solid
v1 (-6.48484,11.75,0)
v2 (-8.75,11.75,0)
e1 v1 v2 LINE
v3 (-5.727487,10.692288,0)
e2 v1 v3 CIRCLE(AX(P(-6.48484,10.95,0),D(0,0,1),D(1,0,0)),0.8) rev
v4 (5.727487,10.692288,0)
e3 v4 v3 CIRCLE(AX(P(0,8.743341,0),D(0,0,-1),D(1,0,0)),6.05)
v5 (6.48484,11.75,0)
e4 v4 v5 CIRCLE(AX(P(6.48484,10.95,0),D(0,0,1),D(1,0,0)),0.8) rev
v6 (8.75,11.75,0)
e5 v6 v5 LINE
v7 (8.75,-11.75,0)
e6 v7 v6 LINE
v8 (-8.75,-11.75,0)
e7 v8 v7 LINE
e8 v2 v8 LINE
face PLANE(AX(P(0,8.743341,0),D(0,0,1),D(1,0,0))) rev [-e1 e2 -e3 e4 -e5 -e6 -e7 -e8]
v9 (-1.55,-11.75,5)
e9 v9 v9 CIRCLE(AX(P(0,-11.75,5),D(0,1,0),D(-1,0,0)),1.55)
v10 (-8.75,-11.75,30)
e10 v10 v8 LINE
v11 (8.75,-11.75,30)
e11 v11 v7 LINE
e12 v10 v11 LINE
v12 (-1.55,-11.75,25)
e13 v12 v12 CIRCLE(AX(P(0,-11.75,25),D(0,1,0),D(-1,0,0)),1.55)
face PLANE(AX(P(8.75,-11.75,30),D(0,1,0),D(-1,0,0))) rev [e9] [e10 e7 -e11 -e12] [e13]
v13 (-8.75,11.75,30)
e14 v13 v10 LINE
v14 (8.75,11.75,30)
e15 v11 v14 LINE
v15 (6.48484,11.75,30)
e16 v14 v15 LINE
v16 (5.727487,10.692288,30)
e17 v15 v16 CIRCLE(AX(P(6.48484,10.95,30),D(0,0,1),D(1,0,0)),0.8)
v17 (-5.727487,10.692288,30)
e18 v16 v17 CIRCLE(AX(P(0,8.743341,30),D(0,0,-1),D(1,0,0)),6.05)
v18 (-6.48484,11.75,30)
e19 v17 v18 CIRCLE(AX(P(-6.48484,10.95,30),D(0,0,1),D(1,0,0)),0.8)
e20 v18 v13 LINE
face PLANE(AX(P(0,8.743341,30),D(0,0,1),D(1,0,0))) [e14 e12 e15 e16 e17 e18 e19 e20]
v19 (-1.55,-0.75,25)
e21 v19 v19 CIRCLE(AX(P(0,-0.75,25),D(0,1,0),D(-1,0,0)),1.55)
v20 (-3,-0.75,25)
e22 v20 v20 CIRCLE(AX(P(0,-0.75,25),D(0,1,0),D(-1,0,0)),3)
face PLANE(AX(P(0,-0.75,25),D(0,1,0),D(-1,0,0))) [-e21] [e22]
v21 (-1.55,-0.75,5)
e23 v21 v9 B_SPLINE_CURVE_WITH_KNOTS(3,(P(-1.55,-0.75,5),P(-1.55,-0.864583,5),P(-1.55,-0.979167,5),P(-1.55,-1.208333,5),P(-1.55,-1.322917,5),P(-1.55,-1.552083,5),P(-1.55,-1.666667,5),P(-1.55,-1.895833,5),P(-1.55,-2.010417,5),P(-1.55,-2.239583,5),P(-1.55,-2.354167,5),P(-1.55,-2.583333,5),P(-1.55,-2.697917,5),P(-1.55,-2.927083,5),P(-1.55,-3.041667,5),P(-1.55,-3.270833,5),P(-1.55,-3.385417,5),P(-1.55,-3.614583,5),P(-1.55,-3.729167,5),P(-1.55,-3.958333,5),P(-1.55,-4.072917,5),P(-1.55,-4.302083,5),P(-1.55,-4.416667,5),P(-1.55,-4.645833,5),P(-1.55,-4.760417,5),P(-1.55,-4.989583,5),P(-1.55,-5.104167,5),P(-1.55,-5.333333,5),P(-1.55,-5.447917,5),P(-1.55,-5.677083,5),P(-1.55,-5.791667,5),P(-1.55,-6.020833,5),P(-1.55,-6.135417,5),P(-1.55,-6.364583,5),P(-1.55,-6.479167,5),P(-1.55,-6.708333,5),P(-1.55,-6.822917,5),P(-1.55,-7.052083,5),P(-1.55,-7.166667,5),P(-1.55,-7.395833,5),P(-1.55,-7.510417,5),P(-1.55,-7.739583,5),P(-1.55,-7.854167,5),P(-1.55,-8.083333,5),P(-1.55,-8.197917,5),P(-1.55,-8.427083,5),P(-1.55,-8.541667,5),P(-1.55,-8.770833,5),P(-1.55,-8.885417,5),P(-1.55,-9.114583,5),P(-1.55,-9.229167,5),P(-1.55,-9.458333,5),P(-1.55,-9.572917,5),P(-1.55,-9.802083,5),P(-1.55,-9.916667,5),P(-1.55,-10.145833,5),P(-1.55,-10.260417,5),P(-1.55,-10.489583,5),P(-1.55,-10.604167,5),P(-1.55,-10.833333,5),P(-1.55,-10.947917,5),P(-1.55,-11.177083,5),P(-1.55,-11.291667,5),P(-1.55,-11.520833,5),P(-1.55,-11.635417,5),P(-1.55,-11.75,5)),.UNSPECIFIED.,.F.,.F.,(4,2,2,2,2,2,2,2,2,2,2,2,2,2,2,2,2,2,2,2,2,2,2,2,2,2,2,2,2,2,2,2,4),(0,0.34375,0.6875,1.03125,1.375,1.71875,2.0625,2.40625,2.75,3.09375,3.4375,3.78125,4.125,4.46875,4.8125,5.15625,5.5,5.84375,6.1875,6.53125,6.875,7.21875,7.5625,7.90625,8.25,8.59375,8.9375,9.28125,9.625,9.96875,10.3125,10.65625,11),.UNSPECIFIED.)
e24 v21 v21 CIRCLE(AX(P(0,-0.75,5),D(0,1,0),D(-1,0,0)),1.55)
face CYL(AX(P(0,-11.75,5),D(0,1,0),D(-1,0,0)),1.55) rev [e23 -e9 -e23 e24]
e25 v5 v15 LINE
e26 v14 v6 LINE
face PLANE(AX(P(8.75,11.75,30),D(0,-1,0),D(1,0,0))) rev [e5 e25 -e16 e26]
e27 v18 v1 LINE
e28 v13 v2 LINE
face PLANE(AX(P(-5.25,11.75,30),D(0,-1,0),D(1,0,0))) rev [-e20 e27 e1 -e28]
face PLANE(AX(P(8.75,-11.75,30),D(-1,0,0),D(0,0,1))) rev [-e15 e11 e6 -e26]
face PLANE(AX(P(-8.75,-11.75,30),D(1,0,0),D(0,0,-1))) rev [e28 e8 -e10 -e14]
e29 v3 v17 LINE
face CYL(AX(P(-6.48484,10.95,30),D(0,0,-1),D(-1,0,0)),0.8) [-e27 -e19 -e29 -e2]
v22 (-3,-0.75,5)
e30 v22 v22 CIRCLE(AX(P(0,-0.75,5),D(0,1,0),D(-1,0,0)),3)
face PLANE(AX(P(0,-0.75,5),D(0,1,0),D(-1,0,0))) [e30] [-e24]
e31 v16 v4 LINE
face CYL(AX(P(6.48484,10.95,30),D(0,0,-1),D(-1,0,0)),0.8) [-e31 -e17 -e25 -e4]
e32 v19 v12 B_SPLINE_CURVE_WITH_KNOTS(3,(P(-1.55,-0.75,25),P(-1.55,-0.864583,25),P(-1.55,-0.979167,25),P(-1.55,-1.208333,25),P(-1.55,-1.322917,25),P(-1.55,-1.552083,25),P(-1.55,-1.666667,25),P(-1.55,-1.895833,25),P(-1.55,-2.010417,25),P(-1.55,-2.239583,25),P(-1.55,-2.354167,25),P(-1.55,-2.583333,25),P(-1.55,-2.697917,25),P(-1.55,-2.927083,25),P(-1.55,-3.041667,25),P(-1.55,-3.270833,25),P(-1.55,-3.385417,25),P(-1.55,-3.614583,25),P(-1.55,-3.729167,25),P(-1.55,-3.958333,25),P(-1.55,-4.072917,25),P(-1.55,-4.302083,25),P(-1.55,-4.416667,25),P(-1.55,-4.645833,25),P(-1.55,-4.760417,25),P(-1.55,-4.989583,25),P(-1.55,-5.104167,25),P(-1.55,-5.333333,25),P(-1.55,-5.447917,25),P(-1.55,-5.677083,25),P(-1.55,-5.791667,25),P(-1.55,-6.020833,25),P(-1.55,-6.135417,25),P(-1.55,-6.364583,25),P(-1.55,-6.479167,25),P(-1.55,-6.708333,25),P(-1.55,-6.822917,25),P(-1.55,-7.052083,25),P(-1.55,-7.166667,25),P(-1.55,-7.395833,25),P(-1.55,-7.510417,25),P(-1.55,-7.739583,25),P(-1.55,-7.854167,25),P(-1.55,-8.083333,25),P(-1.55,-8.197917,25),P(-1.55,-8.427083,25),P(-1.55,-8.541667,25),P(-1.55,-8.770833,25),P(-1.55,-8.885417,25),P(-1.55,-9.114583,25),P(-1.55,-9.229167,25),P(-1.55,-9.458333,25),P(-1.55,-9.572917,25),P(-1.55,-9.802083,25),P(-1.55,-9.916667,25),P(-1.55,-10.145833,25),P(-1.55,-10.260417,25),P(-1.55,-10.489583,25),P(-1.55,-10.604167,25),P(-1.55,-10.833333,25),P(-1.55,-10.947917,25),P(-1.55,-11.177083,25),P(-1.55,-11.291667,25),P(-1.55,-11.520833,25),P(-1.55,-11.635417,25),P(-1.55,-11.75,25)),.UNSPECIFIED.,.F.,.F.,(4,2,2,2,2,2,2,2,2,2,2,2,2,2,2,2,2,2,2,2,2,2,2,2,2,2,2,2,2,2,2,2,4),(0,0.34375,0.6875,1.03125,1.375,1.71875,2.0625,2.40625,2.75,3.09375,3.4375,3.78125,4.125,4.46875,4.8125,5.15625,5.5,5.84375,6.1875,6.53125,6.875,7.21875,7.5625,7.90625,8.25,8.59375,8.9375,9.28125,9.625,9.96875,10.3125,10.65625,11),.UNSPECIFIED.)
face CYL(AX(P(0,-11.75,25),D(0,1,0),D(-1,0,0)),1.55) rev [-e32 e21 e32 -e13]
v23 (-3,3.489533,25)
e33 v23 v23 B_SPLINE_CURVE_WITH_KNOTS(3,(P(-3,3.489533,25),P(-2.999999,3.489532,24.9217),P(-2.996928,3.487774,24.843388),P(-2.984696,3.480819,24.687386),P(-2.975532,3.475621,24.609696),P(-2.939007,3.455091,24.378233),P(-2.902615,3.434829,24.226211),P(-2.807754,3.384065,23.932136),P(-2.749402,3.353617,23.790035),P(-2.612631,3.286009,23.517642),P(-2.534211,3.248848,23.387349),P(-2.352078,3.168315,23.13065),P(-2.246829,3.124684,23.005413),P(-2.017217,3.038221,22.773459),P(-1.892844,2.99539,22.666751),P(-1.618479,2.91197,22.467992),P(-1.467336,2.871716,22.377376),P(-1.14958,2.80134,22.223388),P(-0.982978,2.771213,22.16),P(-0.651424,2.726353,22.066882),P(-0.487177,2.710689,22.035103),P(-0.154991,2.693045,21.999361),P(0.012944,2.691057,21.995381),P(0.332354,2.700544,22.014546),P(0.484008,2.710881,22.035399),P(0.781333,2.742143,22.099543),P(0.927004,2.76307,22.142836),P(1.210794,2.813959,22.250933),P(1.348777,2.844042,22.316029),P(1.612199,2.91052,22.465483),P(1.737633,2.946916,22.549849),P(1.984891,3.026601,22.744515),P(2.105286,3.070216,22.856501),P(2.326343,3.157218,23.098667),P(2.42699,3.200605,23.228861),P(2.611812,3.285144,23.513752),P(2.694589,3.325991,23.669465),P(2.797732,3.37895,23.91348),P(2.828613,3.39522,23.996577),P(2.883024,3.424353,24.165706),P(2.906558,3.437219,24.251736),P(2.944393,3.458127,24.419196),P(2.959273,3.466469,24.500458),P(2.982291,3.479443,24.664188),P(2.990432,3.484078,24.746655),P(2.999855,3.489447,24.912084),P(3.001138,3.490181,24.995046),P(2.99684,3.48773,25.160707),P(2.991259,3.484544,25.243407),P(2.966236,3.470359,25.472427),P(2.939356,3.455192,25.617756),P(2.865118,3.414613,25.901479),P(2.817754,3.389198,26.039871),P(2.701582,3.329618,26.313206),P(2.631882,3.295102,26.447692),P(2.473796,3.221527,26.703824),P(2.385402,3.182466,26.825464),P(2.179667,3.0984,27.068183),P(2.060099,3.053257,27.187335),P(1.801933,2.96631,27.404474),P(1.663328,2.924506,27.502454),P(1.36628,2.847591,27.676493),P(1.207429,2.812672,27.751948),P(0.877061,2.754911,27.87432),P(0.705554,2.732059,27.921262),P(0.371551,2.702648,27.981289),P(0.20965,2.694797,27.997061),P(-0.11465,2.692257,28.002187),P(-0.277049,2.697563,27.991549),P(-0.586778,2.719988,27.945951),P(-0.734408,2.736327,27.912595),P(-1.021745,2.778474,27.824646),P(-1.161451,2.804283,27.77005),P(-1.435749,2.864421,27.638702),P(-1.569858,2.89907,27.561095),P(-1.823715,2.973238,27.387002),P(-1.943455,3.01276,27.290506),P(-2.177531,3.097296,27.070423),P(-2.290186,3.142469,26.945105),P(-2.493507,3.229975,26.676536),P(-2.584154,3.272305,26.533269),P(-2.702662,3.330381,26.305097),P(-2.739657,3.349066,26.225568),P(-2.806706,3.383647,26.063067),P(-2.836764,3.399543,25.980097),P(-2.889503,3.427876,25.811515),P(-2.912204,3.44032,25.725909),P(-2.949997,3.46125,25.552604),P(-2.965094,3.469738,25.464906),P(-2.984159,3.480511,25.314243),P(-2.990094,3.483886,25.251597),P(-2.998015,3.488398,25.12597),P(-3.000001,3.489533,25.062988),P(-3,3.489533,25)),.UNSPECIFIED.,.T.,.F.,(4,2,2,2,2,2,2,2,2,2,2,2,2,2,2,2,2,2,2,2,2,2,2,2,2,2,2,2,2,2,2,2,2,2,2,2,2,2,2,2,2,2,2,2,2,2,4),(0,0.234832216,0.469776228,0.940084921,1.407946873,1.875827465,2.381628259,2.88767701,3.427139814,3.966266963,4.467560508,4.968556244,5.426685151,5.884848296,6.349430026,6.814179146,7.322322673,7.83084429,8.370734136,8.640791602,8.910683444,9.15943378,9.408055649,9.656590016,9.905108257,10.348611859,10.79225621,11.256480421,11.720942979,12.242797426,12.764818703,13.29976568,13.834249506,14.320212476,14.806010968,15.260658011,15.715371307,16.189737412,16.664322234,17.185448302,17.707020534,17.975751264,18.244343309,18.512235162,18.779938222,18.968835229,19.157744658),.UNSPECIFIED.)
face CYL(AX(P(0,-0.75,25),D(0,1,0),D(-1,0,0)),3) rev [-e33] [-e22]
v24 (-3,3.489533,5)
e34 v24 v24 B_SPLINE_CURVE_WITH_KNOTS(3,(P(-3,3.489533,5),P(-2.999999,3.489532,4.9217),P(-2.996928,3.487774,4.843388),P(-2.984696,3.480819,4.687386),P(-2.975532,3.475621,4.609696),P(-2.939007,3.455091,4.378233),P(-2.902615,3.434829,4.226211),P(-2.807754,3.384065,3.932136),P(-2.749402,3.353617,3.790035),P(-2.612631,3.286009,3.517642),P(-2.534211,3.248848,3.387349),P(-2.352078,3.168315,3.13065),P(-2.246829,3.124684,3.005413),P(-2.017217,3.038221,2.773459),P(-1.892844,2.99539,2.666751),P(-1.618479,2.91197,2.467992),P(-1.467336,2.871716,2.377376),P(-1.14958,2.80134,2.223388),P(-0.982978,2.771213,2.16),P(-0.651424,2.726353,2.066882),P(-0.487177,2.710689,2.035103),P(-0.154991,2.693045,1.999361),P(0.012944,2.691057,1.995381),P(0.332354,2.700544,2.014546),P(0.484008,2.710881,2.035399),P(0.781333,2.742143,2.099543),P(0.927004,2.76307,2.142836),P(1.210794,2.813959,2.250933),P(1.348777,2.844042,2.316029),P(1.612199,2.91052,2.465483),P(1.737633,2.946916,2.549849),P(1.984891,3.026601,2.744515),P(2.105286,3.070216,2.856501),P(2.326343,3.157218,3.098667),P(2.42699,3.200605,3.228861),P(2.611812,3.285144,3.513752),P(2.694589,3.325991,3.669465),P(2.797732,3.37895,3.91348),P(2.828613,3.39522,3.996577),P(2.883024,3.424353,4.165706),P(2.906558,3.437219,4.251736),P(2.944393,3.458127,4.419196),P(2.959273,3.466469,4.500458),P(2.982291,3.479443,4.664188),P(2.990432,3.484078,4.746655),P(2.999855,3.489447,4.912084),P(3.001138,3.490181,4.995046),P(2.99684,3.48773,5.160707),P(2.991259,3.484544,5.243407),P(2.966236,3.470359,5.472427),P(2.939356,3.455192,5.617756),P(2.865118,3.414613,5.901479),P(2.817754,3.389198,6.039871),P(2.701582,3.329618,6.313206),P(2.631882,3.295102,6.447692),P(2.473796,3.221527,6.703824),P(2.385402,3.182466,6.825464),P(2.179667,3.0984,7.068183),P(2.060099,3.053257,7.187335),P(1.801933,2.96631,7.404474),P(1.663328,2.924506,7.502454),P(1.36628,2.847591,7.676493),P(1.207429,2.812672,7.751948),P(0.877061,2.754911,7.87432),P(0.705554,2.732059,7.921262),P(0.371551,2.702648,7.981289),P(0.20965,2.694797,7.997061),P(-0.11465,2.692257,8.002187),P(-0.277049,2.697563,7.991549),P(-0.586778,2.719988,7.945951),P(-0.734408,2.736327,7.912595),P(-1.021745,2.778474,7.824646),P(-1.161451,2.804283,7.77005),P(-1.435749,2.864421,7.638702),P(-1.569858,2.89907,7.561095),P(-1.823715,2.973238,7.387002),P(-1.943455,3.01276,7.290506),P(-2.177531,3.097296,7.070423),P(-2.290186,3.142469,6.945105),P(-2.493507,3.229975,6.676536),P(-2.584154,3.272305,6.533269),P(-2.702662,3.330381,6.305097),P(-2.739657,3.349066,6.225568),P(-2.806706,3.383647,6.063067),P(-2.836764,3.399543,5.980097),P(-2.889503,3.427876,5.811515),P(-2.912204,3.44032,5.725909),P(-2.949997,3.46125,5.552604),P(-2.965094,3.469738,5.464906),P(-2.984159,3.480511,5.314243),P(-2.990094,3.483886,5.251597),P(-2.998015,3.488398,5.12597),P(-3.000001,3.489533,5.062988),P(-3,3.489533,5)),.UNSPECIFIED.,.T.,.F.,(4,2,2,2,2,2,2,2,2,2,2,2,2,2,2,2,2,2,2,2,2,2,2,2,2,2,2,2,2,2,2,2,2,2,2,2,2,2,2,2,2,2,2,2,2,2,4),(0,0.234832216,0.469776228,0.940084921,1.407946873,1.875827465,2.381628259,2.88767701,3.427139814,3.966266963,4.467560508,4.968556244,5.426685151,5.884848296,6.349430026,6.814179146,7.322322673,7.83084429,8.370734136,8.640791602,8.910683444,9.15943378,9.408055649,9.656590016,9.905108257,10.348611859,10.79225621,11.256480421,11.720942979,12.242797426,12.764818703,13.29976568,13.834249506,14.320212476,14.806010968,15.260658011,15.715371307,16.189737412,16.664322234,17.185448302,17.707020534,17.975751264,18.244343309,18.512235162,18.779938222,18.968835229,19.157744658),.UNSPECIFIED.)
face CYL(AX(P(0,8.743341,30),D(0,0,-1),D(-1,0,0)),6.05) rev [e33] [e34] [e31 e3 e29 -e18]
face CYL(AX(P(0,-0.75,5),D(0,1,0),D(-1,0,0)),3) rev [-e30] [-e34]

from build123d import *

# Parameters (mm, degrees)
BOSS_EXTRUDE1_DEPTH = 30
FILLET1_R           = 0.8
SKETCH3_R           = 3
CUT_EXTRUDE1_DEPTH  = 12.5
SKETCH4_R           = 1.55
CUT_EXTRUDE2_DEPTH  = 40.100032046


with BuildPart() as part:
    # Sketch1 → Boss-Extrude1 (new body)
    with BuildSketch(Plane.XY):
        with BuildLine():
            Line((-5.25, 11.75), (-8.75, 11.75))
            Line((-8.75, 11.75), (-8.75, -11.75))
            Line((-8.75, -11.75), (8.75, -11.75))
            Line((8.75, -11.75), (8.75, 11.75))
            Line((8.75, 11.75), (5.25, 11.75))
            ThreePointArc((5.25, 11.75), (0, 2.693340724), (-5.25, 11.75))
        make_face()
    extrude(amount=BOSS_EXTRUDE1_DEPTH)

    # Fillet1
    fillet1_edges = [part.edges().sort_by_distance(p)[0] for p in [
        (-5.25, 11.75, 15),
        (5.25, 11.75, 15),
    ]]
    fillet(fillet1_edges, radius=FILLET1_R)

    # Sketch3 → Cut-Extrude1 (cut)
    with BuildSketch(Plane(origin=(0, 11.75, 0), x_dir=(1, 0, 0), z_dir=(0, 1, 0))):
        with Locations(Location((0, -5, 0), (0, 0, 180))):
            Circle(SKETCH3_R)
        with Locations(Location((0, -25, 0), (0, 0, 180))):
            Circle(SKETCH3_R)
    extrude(amount=-CUT_EXTRUDE1_DEPTH, mode=Mode.SUBTRACT)

    # Sketch4 → Cut-Extrude2 (cut, through all)
    with BuildSketch(Plane(origin=(0, 11.75, 0), x_dir=(1, 0, 0), z_dir=(0, 1, 0))):
        with Locations(Location((0, -5, 0), (0, 0, 180))):
            Circle(SKETCH4_R)
        with Locations(Location((0, -25, 0), (0, 0, 180))):
            Circle(SKETCH4_R)
    extrude(amount=-CUT_EXTRUDE2_DEPTH, mode=Mode.SUBTRACT)


solid = part.part
